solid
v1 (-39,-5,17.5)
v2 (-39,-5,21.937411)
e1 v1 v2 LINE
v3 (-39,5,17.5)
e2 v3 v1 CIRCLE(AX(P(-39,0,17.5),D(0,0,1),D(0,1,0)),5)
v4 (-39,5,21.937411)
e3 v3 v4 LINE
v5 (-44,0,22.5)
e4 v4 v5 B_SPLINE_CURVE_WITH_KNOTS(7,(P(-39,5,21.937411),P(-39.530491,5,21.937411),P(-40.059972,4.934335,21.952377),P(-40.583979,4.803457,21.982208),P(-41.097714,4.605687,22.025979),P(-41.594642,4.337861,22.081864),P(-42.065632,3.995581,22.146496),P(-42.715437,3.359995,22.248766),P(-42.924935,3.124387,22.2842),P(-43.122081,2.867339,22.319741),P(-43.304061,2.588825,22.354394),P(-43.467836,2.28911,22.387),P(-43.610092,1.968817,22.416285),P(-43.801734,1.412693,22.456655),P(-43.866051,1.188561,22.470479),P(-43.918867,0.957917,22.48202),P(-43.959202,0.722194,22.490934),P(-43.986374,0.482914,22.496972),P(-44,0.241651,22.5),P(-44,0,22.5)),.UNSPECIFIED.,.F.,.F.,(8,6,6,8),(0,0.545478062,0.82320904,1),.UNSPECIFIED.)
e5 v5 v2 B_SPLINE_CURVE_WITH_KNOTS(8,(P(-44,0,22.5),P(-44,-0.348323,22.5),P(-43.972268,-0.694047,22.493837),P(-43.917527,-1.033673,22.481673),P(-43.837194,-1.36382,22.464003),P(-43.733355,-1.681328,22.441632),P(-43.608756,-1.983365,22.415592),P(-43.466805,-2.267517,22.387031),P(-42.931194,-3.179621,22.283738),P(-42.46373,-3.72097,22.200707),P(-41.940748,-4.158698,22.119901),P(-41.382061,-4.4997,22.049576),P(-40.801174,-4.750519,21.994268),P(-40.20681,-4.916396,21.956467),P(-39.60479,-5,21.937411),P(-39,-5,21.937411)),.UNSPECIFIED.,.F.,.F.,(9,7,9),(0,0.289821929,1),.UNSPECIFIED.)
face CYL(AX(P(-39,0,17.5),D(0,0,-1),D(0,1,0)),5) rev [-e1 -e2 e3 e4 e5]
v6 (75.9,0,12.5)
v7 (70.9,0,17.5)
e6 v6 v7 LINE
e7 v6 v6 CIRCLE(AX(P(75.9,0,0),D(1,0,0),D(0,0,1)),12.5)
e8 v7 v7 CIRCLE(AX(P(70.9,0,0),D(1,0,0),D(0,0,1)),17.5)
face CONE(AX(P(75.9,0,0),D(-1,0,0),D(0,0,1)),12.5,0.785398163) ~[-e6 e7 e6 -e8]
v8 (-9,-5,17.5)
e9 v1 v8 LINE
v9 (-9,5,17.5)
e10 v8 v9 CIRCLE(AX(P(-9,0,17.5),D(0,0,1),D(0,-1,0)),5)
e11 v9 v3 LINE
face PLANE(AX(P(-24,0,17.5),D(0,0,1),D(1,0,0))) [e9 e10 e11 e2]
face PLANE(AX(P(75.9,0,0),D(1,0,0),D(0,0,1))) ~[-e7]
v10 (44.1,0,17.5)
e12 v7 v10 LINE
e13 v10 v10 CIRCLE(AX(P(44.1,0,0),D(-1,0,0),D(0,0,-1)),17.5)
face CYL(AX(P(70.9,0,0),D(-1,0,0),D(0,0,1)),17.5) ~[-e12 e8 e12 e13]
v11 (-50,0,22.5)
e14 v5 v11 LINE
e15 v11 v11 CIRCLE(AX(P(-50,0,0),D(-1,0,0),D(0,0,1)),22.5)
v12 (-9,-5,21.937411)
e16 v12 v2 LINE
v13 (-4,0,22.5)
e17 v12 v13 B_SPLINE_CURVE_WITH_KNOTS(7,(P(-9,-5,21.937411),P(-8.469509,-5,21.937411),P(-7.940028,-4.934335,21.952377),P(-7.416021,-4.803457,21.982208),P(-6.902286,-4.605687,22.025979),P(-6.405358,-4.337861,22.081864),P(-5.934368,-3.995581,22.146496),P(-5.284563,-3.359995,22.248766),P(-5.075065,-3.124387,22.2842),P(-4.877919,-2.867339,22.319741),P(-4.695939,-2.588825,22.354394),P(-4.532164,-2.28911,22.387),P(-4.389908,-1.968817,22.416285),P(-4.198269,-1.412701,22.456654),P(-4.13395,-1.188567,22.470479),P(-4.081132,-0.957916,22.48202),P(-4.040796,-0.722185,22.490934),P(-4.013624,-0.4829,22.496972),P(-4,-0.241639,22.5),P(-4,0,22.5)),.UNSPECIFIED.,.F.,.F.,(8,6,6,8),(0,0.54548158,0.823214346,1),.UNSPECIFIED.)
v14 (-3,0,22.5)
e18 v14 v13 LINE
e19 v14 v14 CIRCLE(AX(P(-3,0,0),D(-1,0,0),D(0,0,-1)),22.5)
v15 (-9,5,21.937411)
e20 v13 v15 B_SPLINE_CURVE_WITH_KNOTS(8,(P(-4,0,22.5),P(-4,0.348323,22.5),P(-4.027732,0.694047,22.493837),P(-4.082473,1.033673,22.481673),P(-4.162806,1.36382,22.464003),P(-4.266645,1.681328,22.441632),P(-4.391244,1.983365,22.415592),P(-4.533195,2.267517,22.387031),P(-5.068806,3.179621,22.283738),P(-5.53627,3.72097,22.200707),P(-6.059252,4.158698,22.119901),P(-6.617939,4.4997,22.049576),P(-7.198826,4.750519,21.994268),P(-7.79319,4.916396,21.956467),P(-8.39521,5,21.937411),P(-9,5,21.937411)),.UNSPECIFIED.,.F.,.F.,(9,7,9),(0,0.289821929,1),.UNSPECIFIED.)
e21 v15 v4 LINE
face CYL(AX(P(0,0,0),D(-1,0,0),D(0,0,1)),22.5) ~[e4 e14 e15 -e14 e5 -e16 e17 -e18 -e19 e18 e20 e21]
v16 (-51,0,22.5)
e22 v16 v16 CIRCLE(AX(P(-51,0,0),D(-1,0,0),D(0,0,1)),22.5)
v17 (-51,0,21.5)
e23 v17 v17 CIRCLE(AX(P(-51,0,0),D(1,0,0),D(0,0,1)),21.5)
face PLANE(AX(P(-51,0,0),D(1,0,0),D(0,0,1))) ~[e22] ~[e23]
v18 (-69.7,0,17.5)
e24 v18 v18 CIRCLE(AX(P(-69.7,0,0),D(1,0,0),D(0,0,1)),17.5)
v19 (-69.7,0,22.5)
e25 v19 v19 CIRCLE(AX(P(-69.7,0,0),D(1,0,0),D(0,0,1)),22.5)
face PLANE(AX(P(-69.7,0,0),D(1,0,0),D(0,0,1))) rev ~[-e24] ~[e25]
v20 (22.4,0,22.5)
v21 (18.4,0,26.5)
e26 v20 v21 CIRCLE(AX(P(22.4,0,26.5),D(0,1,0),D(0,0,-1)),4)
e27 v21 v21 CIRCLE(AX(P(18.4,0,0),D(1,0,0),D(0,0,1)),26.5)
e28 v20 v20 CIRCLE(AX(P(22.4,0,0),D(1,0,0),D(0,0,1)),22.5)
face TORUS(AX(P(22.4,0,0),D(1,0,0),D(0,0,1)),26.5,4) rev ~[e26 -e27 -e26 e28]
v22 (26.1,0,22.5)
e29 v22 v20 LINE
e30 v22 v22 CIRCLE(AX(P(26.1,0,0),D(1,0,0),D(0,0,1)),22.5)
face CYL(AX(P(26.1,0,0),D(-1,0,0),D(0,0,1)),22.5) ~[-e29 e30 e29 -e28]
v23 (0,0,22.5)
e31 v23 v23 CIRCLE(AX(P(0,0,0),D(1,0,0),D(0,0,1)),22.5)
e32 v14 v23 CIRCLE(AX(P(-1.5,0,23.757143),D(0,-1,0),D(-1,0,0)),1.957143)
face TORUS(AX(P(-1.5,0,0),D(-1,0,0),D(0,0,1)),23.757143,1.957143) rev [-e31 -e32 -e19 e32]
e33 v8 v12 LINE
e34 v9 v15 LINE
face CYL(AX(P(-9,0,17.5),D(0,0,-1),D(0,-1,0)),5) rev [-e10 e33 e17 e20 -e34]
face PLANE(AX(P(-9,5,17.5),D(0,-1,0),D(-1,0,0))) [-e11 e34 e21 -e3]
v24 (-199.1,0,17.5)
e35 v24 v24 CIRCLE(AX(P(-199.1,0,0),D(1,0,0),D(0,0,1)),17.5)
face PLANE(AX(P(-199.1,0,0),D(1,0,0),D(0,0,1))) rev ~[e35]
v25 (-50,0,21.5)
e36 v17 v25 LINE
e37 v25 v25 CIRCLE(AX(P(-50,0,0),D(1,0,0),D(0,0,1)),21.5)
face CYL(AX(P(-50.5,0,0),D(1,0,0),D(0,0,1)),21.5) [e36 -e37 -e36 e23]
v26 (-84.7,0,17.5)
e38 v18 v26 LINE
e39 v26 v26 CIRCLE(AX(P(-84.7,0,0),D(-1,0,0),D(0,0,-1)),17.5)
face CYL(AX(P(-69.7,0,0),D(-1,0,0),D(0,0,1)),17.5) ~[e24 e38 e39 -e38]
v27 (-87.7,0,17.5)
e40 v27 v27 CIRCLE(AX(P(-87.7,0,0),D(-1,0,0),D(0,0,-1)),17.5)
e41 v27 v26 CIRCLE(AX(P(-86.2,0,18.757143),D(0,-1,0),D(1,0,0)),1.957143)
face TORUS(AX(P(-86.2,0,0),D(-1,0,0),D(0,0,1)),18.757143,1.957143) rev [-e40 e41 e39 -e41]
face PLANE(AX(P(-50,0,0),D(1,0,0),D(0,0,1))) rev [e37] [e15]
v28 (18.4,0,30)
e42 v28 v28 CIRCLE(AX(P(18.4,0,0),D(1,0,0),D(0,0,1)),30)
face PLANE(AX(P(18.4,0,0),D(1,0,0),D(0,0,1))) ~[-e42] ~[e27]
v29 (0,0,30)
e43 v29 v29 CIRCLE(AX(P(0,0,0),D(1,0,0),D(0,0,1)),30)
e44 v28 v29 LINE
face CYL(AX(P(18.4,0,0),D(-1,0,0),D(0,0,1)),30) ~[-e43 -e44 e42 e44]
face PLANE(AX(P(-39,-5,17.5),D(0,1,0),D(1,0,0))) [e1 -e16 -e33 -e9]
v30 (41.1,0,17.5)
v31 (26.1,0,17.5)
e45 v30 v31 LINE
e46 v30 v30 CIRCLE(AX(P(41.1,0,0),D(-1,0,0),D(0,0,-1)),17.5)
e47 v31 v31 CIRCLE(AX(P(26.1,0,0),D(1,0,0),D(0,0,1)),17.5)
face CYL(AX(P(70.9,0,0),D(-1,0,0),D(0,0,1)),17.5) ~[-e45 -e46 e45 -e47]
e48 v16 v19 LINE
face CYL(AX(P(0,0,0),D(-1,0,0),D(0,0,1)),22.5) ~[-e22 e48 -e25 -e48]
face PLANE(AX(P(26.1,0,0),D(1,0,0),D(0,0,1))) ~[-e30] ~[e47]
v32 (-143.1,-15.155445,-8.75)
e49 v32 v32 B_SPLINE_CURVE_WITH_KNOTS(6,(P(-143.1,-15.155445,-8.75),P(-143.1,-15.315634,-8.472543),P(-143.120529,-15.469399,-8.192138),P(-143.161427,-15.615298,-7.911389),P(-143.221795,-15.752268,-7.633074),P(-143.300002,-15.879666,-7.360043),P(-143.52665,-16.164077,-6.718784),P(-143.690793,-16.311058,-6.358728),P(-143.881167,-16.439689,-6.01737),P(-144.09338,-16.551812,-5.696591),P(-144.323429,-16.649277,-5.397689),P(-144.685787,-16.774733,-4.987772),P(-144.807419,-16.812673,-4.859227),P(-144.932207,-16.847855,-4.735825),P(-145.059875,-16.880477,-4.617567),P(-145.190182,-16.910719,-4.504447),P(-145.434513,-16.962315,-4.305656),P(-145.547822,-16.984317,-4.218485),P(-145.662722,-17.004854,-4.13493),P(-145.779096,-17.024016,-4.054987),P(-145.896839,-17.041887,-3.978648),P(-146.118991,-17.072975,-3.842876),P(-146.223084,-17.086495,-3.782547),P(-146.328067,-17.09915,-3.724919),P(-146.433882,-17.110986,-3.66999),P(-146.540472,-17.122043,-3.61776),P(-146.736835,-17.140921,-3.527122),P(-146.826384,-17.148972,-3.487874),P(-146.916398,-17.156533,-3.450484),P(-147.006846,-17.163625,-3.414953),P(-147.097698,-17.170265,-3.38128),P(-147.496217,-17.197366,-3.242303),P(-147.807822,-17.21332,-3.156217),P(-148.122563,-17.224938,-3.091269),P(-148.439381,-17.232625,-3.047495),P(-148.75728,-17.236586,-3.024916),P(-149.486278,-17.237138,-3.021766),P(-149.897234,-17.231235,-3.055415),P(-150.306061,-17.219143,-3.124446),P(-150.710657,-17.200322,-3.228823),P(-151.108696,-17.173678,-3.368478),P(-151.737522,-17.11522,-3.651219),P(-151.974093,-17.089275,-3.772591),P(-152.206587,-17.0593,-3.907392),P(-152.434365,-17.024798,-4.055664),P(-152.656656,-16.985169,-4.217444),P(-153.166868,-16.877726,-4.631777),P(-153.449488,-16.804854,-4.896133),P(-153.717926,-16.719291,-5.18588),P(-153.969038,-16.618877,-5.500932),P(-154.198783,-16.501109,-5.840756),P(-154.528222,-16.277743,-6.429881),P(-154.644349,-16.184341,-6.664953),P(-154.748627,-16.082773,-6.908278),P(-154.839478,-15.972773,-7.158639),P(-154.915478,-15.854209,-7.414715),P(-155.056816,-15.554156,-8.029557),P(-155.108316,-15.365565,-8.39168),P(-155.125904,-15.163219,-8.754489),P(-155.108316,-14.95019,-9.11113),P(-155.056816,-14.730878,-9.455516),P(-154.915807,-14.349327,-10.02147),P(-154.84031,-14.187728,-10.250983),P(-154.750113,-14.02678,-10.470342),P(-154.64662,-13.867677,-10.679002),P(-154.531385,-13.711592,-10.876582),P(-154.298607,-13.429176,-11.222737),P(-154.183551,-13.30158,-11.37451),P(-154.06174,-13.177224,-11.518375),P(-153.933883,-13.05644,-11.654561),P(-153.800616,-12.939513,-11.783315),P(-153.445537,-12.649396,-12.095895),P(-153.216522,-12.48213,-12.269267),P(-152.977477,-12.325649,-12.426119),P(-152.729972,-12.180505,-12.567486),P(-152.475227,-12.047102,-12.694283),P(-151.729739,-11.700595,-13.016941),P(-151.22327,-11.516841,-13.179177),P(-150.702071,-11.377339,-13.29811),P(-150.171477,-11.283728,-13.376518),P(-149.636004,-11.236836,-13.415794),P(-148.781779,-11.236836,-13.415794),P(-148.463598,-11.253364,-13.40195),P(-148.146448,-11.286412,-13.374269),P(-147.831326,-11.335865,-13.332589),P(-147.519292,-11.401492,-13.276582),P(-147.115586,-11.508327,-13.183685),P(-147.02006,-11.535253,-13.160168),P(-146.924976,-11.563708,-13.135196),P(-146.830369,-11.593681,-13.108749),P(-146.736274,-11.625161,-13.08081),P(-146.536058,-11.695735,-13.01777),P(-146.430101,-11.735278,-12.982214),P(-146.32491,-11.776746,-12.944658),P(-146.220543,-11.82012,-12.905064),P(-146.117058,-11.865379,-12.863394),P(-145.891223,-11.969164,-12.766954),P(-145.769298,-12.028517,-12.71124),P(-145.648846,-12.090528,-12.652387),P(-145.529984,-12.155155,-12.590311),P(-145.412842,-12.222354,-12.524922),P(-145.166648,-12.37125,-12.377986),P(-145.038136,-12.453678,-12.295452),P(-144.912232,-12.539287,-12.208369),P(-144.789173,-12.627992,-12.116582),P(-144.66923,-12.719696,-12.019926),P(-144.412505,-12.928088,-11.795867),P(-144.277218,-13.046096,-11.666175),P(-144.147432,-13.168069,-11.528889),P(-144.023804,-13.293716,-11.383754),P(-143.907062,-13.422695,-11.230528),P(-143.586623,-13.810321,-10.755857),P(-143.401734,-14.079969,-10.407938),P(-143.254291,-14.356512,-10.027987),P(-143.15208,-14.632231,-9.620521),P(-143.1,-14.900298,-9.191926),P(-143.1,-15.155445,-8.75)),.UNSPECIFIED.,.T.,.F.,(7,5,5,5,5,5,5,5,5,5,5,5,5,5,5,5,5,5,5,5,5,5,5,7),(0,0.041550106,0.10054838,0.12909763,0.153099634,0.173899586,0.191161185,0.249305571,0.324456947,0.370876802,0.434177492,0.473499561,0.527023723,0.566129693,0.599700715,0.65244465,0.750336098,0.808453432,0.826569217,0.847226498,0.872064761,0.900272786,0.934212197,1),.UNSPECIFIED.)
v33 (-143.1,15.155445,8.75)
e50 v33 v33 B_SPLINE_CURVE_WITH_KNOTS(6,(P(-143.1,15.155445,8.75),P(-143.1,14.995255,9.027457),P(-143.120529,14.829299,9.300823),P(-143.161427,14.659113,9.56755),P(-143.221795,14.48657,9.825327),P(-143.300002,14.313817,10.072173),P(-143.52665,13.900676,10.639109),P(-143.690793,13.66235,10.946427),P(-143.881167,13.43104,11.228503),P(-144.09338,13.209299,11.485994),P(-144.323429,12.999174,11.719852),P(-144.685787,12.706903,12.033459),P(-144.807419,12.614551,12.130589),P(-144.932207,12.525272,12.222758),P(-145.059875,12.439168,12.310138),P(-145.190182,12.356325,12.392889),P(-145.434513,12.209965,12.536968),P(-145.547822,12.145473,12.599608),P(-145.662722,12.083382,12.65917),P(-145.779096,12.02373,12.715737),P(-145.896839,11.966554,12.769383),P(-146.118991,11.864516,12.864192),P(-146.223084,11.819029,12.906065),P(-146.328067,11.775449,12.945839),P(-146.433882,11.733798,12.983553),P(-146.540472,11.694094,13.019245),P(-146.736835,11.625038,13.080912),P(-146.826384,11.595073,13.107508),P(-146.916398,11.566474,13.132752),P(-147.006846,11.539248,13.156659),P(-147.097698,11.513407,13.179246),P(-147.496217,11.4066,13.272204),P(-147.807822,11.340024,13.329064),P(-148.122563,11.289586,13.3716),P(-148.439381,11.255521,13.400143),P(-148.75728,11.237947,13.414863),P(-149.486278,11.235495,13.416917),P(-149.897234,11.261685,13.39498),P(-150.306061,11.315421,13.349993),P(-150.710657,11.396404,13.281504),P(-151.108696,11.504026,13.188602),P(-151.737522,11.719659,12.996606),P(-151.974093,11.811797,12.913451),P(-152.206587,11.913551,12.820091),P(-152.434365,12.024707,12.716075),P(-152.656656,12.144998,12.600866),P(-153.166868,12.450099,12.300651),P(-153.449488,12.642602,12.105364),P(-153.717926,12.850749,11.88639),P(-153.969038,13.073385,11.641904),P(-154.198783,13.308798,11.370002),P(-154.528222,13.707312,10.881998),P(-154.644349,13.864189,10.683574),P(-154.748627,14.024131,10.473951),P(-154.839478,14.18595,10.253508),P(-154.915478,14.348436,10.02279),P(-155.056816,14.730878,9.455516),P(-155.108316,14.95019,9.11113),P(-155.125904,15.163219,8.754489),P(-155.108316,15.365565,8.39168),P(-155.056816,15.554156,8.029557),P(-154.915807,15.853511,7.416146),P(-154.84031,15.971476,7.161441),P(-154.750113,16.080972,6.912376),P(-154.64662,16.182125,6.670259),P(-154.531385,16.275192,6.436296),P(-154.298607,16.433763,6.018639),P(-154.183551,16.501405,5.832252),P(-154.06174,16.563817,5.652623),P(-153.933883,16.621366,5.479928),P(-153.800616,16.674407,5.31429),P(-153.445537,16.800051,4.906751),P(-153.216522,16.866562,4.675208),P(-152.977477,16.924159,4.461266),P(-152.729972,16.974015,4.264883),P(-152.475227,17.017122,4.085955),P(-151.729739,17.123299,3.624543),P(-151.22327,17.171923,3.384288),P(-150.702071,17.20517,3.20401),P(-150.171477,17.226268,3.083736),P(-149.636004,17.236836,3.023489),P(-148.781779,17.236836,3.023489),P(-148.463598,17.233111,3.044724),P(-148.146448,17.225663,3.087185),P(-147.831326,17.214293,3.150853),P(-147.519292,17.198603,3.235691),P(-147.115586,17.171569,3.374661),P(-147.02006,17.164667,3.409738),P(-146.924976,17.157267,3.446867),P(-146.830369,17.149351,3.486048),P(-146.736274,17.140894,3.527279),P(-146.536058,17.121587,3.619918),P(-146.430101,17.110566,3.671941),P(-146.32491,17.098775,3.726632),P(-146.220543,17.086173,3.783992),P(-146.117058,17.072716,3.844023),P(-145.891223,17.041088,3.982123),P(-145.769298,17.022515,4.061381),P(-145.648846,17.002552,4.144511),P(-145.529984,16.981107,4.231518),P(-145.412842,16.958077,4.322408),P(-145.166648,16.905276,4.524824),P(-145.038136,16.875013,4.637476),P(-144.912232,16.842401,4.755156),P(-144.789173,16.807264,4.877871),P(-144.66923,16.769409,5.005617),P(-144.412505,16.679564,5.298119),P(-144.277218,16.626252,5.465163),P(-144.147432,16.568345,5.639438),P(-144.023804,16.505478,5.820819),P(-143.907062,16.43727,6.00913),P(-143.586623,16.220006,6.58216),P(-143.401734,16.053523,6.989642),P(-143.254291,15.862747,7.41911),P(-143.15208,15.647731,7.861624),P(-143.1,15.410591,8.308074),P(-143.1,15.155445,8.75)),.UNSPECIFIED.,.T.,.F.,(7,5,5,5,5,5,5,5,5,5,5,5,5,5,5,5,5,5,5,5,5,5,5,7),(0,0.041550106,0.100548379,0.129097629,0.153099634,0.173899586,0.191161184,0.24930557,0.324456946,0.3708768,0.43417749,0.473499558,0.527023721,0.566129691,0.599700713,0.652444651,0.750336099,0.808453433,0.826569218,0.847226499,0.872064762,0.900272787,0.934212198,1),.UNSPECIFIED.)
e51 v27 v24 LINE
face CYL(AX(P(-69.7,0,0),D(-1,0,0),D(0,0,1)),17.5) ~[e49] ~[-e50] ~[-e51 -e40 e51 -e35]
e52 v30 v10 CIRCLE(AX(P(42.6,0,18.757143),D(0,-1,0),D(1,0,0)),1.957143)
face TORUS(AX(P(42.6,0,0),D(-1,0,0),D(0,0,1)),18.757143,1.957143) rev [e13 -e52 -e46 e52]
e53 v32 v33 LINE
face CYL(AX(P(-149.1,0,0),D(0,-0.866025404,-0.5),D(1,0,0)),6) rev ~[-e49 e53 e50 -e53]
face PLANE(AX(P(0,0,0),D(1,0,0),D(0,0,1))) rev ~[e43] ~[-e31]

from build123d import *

# Parameters (mm, degrees)
F2_W           = 1
F2_H           = 12
F4_R           = 1.9571428571
F7_START       = 17.5
F7_DEPTH       = 42.5
F11_R          = 6
F12_DEPTH      = 25
F12_DEPTH_BACK = 25


with BuildPart() as f1:
    # F0 (on Front) → F1 (revolve)
    with BuildSketch(Plane.XZ):
        with BuildLine():
            Line((-199.1, 17.5), (-199.1, 0))
            Line((-199.1, 0), (75.9, 0))
            Line((75.9, 0), (75.9, 12.5))
            Line((75.9, 12.5), (70.9, 17.5))
            Line((70.9, 17.5), (26.1, 17.5))
            Line((26.1, 17.5), (26.1, 22.5))
            Line((26.1, 22.5), (22.4, 22.5))
            ThreePointArc((22.4, 22.5), (19.5715728753, 23.6715728753), (18.4, 26.5))
            Line((18.4, 26.5), (18.4, 30))
            Line((18.4, 30), (0, 30))
            Line((0, 30), (0, 22.5))
            Line((0, 22.5), (-69.7, 22.5))
            Line((-69.7, 22.5), (-69.7, 17.5))
            Line((-69.7, 17.5), (-199.1, 17.5))
        make_face()
    revolve(axis=Axis((-55.8219029194, 0, 0), (1, 0, 0)))

    # F2 (on Front) → F3 (revolve, cut)
    with BuildSketch(Plane.XZ):
        with Locations((-50.5, 27.5)):
            Rectangle(F2_W, F2_H)
    revolve(axis=Axis((-55.8219029194, 0, 0), (1, 0, 0)), mode=Mode.SUBTRACT)

    # F4 (on Front) → F5 (revolve, cut)
    with BuildSketch(Plane.XZ):
        with Locations((-86.2, 18.7571428571)):
            Circle(F4_R)
        with Locations((42.6, 18.7571428571)):
            Circle(F4_R)
        with BuildLine():
            Line((-3.4571428571, 32.4009352645), (-3.4571428571, 23.7571428571))
            ThreePointArc((-3.4571428571, 23.7571428571), (-2.1688399949, 21.9178328712), (0, 22.5))
            Line((0, 22.5), (0, 32.4009352645))
            Line((0, 32.4009352645), (-3.4571428571, 32.4009352645))
        make_face()
    revolve(axis=Axis((-55.8219029194, 0, 0), (1, 0, 0)), mode=Mode.SUBTRACT)

    # F6 (on Top) → F7 (cut)
    with BuildSketch(Plane.XY.offset(F7_START)):
        with BuildLine():
            Line((-9, 5), (-39, 5))
            ThreePointArc((-39, 5), (-44, 0), (-39, -5))
            Line((-39, -5), (-9, -5))
            ThreePointArc((-9, -5), (-4, 0), (-9, 5))
        make_face()
    extrude(amount=F7_DEPTH, mode=Mode.SUBTRACT)

    # F11 (on line) → F12 (cut, two sides)
    with BuildSketch(Plane(origin=(0, 0, 0), x_dir=(1, 0, 0), z_dir=(0, -0.8660254038, -0.5))) as f12_sk:
        with Locations((-149.1, 0)):
            Circle(F11_R)
    extrude(amount=-F12_DEPTH, mode=Mode.SUBTRACT)
    extrude(f12_sk.sketch, amount=F12_DEPTH_BACK, mode=Mode.SUBTRACT)


solid = f1.part
